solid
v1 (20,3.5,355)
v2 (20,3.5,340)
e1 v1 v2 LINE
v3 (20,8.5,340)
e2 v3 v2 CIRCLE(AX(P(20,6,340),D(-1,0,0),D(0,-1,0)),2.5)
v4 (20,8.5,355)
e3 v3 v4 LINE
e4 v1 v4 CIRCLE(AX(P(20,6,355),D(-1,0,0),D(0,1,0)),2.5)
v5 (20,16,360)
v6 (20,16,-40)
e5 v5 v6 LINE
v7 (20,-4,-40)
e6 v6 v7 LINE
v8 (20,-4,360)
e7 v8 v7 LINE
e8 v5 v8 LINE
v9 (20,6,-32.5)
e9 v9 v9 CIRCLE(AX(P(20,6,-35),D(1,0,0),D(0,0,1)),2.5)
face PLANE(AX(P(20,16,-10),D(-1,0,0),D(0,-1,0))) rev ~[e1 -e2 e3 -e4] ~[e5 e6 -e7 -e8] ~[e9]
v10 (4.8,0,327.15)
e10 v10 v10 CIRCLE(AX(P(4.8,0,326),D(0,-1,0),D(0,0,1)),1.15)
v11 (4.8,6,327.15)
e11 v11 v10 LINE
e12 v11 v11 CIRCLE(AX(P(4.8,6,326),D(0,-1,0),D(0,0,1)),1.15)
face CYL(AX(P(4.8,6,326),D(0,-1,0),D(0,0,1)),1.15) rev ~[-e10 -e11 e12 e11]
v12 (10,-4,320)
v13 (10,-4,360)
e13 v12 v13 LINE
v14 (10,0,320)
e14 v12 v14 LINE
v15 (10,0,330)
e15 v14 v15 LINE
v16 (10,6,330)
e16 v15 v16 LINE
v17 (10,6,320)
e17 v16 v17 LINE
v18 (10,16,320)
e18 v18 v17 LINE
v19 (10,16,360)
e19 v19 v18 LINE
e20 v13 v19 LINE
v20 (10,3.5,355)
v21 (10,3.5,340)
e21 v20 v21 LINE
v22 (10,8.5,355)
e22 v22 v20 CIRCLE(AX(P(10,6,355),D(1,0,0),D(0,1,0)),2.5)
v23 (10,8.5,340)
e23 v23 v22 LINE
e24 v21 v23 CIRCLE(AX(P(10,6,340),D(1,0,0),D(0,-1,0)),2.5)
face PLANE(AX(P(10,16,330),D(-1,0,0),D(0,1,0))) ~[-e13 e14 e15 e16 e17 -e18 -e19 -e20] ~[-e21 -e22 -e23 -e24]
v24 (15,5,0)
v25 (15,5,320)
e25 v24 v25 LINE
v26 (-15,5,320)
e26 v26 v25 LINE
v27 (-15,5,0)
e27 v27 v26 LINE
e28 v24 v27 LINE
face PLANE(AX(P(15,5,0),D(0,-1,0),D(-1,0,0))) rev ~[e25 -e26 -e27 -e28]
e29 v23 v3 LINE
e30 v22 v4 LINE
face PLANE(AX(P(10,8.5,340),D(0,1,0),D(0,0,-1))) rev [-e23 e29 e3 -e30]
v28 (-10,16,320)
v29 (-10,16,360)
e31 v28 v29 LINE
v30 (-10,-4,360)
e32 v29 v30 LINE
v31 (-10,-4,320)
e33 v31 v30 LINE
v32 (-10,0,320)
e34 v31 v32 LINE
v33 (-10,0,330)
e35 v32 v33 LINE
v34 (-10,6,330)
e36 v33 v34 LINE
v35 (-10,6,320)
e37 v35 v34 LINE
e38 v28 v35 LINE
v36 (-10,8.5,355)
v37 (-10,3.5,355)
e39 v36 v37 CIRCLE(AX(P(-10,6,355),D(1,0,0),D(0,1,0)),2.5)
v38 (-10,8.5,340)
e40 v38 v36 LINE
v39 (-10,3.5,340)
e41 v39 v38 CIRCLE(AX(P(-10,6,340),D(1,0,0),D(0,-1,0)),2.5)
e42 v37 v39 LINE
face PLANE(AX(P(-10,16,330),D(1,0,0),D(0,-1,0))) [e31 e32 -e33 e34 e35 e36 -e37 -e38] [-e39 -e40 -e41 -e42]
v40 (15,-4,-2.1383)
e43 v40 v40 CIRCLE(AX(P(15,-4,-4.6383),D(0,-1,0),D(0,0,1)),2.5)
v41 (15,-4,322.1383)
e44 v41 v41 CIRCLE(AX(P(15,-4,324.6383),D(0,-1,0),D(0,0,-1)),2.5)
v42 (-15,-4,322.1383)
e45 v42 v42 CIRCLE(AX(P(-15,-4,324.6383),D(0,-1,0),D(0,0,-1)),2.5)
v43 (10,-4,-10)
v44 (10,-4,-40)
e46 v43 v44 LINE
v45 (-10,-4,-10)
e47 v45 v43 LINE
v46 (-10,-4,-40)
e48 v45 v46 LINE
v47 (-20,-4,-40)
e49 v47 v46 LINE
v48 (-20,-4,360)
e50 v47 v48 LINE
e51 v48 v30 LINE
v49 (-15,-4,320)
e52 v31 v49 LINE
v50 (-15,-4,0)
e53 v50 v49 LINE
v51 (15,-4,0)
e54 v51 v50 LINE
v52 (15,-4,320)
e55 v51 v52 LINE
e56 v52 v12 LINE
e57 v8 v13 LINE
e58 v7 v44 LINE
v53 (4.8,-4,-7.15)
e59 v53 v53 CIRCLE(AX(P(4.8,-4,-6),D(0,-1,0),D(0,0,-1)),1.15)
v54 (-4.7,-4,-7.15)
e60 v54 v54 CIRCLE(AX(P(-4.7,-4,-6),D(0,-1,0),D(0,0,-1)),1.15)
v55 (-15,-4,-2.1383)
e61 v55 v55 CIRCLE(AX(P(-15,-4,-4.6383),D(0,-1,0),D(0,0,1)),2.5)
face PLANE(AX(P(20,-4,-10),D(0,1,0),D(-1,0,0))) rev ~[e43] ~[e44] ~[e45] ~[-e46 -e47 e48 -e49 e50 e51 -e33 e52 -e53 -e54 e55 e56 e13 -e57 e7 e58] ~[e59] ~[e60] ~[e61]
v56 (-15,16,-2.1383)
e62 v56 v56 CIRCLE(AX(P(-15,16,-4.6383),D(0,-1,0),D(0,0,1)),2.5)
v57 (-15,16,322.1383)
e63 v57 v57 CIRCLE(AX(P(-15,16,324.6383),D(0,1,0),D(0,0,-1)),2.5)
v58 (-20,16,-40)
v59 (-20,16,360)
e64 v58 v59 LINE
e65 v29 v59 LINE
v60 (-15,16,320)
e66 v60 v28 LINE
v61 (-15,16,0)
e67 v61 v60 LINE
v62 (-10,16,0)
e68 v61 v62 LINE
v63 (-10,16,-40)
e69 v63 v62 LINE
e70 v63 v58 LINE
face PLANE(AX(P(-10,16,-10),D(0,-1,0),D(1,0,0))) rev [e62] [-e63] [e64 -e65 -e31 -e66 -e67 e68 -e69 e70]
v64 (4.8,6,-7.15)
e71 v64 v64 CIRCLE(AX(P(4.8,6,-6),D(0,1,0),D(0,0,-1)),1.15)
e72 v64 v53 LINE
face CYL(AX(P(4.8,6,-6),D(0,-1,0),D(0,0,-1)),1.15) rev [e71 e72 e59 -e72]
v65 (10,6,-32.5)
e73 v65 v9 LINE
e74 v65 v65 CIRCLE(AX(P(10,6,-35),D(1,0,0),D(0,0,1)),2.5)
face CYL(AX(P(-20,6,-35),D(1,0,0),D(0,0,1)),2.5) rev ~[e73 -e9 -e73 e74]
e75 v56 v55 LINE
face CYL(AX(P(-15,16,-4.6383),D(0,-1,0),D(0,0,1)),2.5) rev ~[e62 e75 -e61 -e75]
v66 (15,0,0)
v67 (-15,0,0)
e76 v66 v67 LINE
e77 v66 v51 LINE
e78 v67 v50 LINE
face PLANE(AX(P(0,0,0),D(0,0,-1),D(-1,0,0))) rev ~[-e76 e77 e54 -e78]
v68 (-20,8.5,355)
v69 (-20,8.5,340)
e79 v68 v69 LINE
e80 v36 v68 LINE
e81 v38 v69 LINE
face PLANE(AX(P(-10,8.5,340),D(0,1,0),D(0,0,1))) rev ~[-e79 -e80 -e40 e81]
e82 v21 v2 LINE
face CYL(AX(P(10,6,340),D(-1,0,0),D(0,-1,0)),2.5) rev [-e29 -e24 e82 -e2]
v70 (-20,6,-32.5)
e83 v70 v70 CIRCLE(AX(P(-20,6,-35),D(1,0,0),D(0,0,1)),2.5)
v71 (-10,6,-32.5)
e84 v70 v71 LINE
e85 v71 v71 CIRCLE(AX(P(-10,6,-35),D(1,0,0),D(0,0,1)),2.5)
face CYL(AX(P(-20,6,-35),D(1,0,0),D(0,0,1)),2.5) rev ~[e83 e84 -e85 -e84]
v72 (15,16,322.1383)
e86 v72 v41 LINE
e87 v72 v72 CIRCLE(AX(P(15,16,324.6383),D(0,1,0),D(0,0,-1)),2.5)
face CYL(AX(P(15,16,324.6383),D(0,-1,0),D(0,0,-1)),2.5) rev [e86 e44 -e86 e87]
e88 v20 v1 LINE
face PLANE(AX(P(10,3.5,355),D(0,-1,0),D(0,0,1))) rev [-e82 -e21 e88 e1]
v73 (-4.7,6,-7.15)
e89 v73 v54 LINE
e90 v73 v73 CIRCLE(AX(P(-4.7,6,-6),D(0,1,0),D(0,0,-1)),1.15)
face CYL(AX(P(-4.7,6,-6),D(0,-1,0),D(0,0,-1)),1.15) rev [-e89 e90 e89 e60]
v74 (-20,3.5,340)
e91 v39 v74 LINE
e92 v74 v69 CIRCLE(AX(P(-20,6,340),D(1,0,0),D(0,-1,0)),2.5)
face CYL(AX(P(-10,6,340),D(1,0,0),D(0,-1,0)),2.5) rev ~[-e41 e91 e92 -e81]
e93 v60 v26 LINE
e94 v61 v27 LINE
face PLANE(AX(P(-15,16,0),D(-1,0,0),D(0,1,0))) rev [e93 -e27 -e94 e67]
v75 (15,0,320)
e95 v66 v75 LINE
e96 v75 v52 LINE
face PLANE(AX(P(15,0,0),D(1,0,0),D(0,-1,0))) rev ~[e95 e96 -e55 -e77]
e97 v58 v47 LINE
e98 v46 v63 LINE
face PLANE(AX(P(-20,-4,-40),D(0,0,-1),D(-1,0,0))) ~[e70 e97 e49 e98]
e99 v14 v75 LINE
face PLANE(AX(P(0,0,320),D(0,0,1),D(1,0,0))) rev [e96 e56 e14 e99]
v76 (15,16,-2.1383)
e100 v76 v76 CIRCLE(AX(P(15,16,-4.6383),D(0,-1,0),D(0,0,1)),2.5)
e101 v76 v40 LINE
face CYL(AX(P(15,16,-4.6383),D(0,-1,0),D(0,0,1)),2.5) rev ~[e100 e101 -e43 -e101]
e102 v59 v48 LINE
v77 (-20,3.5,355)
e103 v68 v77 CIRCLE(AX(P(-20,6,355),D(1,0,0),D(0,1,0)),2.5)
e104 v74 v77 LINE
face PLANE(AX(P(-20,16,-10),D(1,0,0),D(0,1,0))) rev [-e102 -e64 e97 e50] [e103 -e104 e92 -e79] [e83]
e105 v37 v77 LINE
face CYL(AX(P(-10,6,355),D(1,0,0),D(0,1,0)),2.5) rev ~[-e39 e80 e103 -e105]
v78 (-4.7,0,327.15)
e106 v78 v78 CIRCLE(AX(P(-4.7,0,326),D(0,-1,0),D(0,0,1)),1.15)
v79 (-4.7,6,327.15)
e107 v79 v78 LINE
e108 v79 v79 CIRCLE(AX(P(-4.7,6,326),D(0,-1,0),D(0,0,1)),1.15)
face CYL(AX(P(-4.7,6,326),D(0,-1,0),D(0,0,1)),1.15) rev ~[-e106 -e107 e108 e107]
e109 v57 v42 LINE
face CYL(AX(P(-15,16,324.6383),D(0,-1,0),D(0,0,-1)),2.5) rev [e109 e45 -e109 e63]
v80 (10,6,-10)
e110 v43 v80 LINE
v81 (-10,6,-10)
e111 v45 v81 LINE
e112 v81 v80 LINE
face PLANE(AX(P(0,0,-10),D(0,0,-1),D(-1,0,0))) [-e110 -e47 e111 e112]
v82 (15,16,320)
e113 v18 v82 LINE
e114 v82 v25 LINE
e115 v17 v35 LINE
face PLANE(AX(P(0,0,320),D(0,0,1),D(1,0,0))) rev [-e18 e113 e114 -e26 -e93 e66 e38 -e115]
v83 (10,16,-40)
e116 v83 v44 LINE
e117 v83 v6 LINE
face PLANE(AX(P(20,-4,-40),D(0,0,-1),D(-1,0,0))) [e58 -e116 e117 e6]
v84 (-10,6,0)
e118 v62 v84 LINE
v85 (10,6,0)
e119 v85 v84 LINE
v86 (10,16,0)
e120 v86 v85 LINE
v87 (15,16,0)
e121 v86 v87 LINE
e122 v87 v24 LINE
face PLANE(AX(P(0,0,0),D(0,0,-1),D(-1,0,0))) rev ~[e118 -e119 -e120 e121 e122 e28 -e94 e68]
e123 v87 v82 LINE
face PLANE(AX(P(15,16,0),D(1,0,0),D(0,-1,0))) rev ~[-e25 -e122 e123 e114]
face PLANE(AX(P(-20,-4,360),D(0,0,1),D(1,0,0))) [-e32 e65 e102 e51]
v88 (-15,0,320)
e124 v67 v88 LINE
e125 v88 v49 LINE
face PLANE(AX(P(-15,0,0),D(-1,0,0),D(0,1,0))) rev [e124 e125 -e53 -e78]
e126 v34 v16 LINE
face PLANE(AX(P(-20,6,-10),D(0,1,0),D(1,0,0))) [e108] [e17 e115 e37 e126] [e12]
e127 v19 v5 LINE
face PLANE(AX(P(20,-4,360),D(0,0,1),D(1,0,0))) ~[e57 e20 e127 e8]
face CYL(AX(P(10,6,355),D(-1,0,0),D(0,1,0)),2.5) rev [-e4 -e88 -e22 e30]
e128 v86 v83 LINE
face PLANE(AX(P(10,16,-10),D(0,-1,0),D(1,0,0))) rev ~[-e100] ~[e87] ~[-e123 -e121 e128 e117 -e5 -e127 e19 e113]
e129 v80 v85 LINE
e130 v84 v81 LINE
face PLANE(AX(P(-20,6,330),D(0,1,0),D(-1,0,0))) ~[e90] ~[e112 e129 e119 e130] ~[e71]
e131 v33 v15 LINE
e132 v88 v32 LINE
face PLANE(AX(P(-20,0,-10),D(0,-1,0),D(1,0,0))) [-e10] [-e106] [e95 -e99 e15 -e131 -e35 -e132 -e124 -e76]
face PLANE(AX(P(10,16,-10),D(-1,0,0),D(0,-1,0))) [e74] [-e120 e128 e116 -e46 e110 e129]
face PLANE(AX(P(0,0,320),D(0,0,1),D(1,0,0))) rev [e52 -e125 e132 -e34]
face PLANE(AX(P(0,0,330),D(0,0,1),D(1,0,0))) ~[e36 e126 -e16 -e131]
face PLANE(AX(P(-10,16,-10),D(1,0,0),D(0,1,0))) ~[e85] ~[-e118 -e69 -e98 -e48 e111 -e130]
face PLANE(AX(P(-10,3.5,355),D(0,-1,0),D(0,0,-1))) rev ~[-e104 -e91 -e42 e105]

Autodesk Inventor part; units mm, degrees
ref_plane "YZ Plane" through (0, 0, 0) normal (1, 0, 0) x (0, 1, 0)
ref_plane "XZ Plane" through (0, 0, 0) normal (0, 1, 0) x (-1, 0, 0)
ref_plane "XY Plane" through (0, 0, 0) normal (0, 0, 1) x (1, 0, 0)
sketch "Sketch1" plane through (0, 0, 0) normal (0, 0, 1) x (1, 0, 0)
  line L0 (0, 0) -> (20, 0)
  line L1 (20, 0) -> (20, 16)
  line L2 (20, 16) -> (15, 16)
  line L3 (15, 16) -> (15, 5)
  line L4 (15, 5) -> (0, 5)
  line L5 (0, 5) -> (0, 0)
  line L6 (20, 0) -> (15, 0)
  line L7 (15, 0) -> (15, -4)
  line L8 (15, -4) -> (20, -4)
  line L9 (20, -4) -> (20, 0)
  dimension "d0" = 5
  dimension "d1" = 20
  dimension "d2" = 5
  dimension "d3" = 16
  dimension "d4" = 20
extrude "Extrusion1" add sketch "Sketch1" along normal blind 320
mirror "Mirror1" about plane through (0, 0, 0) normal (1, 0, 0) of "Extrusion1"
ref_plane "Work Plane1" through (0, 0, 160) normal (0, 0, 1) x (1, 0, 0)
sketch "Sketch3" plane through (0, 0, 0) normal (0, 0, -1) x (-1, 0, 0)
  line L0 (20, -4) -> (20, 16) projected
  line L1 (-15, -4) -> (-20, -4) projected
  line L2 (20, 16) -> (-20, 16)
  line L3 (-20, 16) -> (-20, -4)
  line L4 (-20, -4) -> (20, -4)
  line L5 (20, -4) -> (20, 16)
  point P0 (0, 0)
extrude "Extrusion2" add sketch "Sketch3" along normal blind 10
ref_plane "Work Plane2" through (0, -4, 320) normal (-1, 0, 0) x (0, 0, 1)
sketch "Sketch4" plane through (-15, 16, 0) normal (0, 1, 0) x (1, 0, 0)
  line L0 (15, -386) -> (15, 76) projected
  point P0 (15, 0)
  point P1 (0, 4.6383)
  point P2 (30, 4.6383)
  dimension "d9" = 30
  dimension "d10" = 15
hole "Hole1" at (-15, 16, -4.6383) at (15, 16, -4.6383) direction (0, -1, 0) diameter 5 end through all
mirror "Mirror3" about plane through (0, 0, 160) normal (0, 0, 1) of "Extrusion2", "Hole1"
sketch "Sketch5" plane through (-20, 16, -10) normal (0, 1, 0) x (1, 0, 0)
  line L0 (35, -330) -> (5, -330) projected
  line L1 (0, -340) -> (40, -340) projected
  line L2 (30, -330) -> (10, -330)
  line L3 (10, -330) -> (10, -340)
  line L4 (10, -340) -> (30, -340)
  line L5 (30, -340) -> (30, -330)
  line L6 (20, -396) -> (20, 66) projected
  point P0 (20, -10)
  point P1 (20, -340)
  point P2 (20, -330)
  dimension "d18" = 20
  dimension "d31" = 10
extrude "Extrusion3" cut sketch "Sketch5" against normal blind 10
sketch "Sketch6" plane through (-20, 6, -10) normal (0, 1, 0) x (1, 0, 0)
  line L0 (30, -340) -> (10, -340) projected
  line L1 (30, -330) -> (30, -340) projected
  point P0 (20, -10)
  point P1 (24.8, -336)
  point P2 (15.3, -336)
  dimension "d21" = 4
  dimension "d22" = 9.5
  dimension "d30" = 5.2
hole "Hole2" at (4.8, 6, 326) at (-4.7, 6, 326) direction (0, -1, 0) diameter 2.3 end through all
mirror "Mirror4" about plane through (0, 0, 160) normal (0, 0, 1) of "Hole2", "Extrusion3"
sketch "Sketch7" plane through (-20, -4, 330) normal (0, 0, 1) x (1, 0, 0)
  line L0 (10, 20) -> (10, 10) projected
  line L1 (10, 20) -> (0, 20)
  line L2 (0, 20) -> (0, 0)
  line L3 (0, 0) -> (10, 0)
  line L4 (10, 0) -> (10, 20)
  line L5 (40, 0) -> (0, 0) projected
  line L6 (0, 0) -> (0, 20) projected
  point P0 (20, 4)
  point P1 (10, 10)
extrude "Extrusion4" add sketch "Sketch7" along normal blind 30
mirror "Mirror6" about plane through (0, 0, 160) normal (0, 0, 1) of "Extrusion4"
mirror "Mirror7" about plane through (0, -4, 320) normal (-1, 0, 0) of "Extrusion4", "Mirror6"
sketch "Sketch10" plane through (-10, -4, 330) normal (1, 0, 0) x (0, 0, -1)
  line L0 (-10, 10) -> (-25, 10) construction
  line L1 (-10, 12.5) -> (-25, 12.5)
  line L2 (-25, 7.5) -> (-10, 7.5)
  arc A0 (-10, 7.5) -> (-10, 12.5) centre (-10, 10) ccw
  arc A1 (-25, 12.5) -> (-25, 7.5) centre (-25, 10) ccw
  line L3 (-30, 0) -> (-30, 20) projected
  line L4 (0, 0) -> (-30, 0) projected
  point P0 (330, 4)
  point P1 (-17.5, 10)
  dimension "d45" = 2.5
  dimension "d46" = 15
  dimension "d47" = 5
  dimension "d48" = 10
extrude "Extrusion6" cut sketch "Sketch10" against normal through all
mirror "Mirror5" about plane through (0, -4, 320) normal (-1, 0, 0) of "Extrusion4", "Extrusion6"
sketch "Sketch9" plane through (-20, -4, -10) normal (0, -1, 0) x (1, 0, 0)
  line L0 (10, 340) -> (10, 370) projected
  line L1 (30, 330) -> (30, 340) projected
  line L2 (10, 340) -> (30, 340)
  line L3 (30, 340) -> (30, 330)
  line L4 (30, 330) -> (10, 330)
  line L5 (10, 330) -> (10, 340)
  point P0 (20, 10)
extrude "Extrusion5" cut sketch "Sketch9" against normal up to surface (4 mm away)
sketch "Sketch11" plane through (-20, -4, 360) normal (-1, 0, 0) x (0, 0, 1)
  line L0 (-400, 20) -> (-400, 0) projected
  line L1 (0, 20) -> (-400, 20) projected
  point P0 (-360, 4)
  point P1 (-395, 10)
  point P2 (-400, 10)
  dimension "d51" = 5
  dimension "d52" = 10
hole "Hole4" at (-20, 6, -35) direction (1, 0, 0) diameter 5 end through all
equation "\"d10\" = 0.5 * d9"
properties part number "Sledge_rail" material "PC/ABS Plastic"
